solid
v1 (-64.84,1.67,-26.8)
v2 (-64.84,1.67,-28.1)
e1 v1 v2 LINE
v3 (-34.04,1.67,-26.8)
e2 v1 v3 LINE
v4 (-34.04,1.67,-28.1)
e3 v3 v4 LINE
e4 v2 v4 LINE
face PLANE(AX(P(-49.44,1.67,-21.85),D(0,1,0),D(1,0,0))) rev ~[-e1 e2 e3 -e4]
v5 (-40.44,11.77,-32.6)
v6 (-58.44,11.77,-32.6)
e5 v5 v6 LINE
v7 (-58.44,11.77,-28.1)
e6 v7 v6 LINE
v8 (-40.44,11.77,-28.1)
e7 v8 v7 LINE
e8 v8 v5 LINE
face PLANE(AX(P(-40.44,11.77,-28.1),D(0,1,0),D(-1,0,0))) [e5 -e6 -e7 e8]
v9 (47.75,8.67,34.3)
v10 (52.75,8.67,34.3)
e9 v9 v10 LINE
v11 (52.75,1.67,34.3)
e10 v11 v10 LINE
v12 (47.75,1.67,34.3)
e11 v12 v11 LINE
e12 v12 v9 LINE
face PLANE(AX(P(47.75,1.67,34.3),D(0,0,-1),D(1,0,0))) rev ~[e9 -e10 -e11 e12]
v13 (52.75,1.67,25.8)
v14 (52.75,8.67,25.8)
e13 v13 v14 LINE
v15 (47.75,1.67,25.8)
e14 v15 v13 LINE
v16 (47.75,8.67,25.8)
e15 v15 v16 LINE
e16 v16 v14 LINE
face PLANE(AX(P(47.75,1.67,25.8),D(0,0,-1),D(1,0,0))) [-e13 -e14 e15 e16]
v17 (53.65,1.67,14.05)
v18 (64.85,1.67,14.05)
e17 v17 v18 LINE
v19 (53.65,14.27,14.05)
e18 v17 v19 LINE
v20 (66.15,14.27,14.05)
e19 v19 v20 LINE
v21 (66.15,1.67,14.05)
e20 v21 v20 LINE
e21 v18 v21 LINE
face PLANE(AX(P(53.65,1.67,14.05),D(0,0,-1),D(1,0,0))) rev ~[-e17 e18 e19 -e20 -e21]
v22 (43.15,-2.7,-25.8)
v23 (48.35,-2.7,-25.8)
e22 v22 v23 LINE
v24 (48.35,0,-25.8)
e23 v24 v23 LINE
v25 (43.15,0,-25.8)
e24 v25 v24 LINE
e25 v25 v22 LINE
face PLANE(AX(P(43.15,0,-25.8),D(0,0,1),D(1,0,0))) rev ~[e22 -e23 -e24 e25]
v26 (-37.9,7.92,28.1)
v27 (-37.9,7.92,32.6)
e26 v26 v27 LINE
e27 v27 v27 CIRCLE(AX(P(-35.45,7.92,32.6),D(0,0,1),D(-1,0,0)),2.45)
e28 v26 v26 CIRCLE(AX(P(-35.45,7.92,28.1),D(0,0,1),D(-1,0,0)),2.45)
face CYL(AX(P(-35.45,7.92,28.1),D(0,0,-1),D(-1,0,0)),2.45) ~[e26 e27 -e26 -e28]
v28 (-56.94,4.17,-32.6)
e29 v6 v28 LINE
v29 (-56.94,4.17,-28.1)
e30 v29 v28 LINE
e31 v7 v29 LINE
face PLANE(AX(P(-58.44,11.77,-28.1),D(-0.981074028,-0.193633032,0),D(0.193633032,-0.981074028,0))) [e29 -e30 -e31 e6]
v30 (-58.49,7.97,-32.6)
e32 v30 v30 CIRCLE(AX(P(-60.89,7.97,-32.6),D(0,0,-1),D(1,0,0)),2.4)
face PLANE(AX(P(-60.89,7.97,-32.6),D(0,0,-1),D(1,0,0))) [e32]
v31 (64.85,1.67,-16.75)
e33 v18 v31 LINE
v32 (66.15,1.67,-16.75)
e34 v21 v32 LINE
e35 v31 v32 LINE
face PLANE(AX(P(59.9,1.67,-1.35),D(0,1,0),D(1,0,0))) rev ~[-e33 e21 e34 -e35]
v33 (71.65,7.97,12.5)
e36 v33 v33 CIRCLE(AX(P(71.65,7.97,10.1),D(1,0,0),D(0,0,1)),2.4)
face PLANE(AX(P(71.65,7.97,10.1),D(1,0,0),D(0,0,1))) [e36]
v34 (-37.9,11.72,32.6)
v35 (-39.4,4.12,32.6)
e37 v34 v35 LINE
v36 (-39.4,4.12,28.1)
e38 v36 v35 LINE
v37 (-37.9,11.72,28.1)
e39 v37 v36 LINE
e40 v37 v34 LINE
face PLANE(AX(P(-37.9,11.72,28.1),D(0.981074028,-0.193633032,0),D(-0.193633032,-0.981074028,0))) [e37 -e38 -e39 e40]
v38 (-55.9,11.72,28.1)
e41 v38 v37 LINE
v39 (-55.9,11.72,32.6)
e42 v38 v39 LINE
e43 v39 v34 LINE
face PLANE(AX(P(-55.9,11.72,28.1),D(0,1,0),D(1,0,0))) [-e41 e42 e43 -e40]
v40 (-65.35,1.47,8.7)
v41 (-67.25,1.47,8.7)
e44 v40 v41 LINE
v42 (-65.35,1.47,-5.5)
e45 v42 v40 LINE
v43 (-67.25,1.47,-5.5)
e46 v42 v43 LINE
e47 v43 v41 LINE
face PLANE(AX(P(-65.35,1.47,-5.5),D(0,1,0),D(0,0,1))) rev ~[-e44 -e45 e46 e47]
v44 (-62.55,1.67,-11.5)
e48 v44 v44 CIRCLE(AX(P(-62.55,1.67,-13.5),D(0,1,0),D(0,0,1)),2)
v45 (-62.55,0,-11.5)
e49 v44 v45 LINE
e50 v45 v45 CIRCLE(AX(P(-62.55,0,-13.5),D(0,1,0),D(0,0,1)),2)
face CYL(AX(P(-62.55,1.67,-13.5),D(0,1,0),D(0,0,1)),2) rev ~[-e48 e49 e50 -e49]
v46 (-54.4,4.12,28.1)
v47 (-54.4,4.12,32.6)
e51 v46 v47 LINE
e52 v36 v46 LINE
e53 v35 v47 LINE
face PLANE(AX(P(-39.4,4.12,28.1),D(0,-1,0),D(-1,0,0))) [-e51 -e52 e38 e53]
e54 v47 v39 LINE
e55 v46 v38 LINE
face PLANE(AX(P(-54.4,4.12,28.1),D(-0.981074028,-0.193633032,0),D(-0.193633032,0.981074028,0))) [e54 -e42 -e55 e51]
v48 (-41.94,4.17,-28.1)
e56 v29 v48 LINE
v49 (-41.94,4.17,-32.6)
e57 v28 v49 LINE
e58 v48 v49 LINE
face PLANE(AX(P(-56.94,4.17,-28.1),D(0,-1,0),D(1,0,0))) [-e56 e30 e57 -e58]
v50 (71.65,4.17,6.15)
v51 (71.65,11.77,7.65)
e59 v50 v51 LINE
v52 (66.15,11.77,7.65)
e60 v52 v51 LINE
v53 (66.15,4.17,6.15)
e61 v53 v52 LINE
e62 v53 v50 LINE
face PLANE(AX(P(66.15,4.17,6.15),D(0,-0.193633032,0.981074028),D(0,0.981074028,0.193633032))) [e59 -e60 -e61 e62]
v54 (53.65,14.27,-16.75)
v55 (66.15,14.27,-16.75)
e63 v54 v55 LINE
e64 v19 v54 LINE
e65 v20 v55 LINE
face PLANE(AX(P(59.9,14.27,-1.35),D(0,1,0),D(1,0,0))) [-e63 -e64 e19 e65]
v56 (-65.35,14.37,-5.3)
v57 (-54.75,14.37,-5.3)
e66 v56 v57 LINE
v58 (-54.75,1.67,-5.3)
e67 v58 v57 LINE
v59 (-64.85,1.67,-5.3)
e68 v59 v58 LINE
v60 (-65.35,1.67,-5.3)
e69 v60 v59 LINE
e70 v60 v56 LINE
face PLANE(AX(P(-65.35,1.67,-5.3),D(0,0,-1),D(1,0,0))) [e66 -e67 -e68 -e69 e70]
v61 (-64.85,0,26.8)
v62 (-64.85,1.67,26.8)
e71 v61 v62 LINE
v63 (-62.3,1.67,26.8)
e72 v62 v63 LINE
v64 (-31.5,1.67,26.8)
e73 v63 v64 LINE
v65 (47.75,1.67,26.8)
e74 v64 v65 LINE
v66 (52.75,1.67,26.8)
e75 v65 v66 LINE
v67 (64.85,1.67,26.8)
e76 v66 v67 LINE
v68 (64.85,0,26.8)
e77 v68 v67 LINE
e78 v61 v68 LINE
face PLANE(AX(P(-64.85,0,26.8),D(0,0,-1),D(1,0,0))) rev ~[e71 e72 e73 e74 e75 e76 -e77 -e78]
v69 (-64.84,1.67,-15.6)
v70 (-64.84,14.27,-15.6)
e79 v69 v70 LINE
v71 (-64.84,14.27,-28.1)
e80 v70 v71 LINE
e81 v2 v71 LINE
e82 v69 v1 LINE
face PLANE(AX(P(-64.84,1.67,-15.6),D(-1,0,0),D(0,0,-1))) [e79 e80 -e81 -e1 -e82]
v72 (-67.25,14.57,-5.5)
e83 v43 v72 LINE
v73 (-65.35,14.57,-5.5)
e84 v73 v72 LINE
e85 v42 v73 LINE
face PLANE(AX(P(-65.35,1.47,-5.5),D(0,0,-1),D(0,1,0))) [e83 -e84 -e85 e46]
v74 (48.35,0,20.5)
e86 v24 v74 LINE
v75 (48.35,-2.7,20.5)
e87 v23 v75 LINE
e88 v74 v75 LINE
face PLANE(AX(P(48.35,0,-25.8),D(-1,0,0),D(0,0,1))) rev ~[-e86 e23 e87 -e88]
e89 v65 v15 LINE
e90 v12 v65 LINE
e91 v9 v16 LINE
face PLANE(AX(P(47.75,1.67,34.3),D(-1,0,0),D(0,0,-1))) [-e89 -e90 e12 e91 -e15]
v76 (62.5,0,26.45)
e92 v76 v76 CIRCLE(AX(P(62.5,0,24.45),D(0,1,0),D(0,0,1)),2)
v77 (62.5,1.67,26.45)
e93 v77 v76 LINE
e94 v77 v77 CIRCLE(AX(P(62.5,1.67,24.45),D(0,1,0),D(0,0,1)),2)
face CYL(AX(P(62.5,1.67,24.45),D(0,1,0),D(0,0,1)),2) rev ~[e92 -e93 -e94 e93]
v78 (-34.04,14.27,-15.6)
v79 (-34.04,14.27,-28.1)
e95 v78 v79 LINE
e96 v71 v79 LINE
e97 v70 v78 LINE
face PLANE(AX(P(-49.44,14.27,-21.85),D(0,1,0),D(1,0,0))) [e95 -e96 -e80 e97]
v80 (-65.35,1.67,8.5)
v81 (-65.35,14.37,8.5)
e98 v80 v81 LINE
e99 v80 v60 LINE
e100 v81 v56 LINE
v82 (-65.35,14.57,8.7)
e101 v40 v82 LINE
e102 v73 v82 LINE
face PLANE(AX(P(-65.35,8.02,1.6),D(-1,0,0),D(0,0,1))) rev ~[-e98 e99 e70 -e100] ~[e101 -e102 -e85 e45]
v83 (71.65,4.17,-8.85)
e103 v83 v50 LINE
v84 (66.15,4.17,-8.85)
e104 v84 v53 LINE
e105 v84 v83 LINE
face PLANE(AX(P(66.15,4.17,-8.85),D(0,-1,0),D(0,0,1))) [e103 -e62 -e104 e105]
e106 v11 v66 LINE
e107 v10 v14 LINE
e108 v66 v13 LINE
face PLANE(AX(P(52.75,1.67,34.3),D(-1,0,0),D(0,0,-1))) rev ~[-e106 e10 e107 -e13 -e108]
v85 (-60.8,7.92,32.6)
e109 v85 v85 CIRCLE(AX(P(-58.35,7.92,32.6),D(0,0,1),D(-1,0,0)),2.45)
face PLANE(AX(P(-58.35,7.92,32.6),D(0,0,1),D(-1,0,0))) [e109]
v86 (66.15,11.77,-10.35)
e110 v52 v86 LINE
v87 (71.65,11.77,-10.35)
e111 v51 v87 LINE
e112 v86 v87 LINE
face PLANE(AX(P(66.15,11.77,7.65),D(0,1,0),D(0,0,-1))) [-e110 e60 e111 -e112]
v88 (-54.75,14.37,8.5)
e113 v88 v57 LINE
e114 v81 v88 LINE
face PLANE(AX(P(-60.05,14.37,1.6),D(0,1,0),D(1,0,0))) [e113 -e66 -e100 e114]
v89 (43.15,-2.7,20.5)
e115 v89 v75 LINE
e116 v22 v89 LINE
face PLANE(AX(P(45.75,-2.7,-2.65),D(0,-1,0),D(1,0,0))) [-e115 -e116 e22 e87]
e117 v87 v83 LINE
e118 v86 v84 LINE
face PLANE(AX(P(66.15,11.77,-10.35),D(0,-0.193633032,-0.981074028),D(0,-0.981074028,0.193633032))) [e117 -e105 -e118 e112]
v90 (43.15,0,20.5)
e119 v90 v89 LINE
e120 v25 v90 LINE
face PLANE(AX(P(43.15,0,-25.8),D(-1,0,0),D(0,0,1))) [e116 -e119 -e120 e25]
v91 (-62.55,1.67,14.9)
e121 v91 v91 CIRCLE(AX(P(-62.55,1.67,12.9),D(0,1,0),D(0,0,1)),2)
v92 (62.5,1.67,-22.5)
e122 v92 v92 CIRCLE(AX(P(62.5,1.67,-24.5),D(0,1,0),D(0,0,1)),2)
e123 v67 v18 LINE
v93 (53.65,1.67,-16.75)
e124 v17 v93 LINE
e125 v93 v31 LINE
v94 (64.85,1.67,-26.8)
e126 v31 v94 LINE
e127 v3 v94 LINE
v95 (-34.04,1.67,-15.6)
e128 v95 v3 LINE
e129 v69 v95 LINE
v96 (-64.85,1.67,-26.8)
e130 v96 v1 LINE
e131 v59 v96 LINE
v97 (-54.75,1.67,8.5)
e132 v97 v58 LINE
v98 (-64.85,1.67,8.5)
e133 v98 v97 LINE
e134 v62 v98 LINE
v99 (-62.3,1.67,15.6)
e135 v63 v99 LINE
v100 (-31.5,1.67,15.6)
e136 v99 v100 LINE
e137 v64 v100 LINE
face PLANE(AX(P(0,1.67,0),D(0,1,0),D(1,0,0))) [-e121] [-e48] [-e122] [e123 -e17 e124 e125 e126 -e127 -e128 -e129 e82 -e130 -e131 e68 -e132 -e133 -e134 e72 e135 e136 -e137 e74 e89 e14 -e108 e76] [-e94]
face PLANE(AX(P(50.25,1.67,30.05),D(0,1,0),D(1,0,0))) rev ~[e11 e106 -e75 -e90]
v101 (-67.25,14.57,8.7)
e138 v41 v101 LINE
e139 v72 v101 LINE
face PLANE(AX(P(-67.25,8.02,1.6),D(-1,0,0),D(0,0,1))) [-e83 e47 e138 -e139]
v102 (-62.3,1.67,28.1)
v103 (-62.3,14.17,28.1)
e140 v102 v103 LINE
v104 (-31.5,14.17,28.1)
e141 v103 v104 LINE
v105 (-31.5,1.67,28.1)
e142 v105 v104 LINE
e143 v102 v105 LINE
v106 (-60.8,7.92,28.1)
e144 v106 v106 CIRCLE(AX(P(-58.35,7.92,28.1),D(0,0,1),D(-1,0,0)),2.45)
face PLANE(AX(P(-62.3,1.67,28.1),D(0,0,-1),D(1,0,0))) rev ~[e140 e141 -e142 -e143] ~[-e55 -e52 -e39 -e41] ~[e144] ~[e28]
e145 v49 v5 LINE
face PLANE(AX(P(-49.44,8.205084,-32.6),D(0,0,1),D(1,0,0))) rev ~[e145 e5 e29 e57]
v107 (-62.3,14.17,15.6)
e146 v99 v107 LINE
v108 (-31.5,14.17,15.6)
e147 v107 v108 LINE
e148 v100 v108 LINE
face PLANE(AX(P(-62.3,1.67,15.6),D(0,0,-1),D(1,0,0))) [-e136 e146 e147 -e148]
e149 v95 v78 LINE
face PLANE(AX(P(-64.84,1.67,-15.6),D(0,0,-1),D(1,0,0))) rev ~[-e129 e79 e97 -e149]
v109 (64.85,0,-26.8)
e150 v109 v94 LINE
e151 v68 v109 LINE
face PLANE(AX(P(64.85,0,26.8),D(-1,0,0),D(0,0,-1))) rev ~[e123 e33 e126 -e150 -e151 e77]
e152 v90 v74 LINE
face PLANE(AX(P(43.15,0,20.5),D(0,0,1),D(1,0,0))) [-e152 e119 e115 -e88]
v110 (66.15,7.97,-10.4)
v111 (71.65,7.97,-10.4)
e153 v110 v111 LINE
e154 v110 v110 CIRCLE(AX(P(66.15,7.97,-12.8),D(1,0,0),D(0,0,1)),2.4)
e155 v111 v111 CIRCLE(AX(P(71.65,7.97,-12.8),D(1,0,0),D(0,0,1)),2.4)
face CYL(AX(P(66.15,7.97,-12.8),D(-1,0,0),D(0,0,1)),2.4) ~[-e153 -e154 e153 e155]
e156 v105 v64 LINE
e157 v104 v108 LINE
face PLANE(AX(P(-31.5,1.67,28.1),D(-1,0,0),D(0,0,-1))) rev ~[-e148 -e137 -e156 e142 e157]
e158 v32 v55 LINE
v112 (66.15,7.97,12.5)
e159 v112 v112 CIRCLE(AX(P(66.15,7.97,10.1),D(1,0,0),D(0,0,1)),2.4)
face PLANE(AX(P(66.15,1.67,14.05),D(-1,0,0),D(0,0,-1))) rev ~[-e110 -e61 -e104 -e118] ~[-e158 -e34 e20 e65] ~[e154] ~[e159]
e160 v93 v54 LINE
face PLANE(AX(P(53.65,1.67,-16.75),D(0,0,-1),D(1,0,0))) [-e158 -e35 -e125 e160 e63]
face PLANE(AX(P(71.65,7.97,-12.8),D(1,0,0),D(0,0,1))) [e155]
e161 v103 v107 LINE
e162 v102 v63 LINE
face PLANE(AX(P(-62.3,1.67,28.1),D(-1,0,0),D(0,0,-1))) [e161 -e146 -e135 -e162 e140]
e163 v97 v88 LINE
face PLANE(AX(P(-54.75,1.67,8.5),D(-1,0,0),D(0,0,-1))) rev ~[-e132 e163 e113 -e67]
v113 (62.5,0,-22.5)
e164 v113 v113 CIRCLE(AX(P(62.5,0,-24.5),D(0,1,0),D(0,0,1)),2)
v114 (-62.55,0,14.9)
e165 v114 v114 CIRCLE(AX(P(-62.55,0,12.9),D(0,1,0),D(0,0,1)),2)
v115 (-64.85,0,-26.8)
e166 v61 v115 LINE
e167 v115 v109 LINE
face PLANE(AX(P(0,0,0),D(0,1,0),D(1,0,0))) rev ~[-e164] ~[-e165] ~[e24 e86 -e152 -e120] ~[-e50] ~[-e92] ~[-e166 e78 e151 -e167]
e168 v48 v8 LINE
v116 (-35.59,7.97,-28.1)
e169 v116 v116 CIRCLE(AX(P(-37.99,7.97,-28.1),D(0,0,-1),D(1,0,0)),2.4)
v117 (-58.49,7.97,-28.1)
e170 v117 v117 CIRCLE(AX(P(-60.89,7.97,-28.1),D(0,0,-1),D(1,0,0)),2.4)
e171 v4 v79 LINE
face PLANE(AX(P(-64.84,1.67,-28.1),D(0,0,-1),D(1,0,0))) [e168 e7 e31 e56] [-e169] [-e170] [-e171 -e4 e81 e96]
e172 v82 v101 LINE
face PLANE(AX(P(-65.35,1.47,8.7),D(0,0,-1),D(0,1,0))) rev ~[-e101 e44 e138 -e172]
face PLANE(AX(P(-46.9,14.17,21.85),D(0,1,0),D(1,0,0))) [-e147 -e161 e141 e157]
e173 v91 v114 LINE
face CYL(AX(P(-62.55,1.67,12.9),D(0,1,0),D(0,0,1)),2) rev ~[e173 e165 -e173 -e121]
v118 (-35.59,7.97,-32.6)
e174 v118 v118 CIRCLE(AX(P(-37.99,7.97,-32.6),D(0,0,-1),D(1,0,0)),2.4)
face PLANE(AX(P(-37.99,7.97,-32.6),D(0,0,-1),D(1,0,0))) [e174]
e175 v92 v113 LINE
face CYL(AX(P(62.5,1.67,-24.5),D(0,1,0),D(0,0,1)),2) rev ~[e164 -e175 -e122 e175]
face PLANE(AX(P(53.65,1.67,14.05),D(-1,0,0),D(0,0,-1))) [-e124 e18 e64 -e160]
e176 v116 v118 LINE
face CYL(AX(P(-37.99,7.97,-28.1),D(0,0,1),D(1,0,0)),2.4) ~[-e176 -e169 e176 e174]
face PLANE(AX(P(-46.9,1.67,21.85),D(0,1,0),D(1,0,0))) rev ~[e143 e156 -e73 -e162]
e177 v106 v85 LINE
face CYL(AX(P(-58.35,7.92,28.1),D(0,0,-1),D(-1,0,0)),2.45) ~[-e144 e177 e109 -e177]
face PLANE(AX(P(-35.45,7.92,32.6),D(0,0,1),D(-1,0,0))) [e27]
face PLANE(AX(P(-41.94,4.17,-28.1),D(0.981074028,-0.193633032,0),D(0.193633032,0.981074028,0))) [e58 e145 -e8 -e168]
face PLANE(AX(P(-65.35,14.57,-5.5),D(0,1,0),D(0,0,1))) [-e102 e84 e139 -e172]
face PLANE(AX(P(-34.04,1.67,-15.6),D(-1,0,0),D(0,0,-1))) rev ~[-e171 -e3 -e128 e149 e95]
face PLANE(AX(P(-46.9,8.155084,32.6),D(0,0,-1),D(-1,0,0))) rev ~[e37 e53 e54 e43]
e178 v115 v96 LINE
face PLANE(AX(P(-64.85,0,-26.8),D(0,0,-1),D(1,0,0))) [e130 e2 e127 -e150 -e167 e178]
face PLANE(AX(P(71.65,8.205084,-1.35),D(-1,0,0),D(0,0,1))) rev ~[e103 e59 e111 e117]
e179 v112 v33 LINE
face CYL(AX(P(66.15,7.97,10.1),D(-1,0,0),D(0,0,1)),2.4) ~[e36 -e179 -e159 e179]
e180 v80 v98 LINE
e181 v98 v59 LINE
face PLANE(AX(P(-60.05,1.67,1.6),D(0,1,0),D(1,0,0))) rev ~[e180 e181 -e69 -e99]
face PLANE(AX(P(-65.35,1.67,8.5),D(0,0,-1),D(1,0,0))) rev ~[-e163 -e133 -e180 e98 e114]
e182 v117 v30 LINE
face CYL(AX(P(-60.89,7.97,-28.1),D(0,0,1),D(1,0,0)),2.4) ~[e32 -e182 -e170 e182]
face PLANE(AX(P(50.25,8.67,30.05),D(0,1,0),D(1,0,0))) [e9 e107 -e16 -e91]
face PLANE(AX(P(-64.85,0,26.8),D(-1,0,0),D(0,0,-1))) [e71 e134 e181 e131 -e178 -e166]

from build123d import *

# Parameters (mm, degrees)
SKETCH1_W           = 129.7
SKETCH1_H           = 53.6
BOARDBASE_DEPTH     = 1.67
SKETCH3_W           = 12.5
SKETCH3_H           = 30.8
BOSS_EXTRUDE2_DEPTH = 12.6
SKETCH4_R           = 2.4
BOSS_EXTRUDE3_DEPTH = 5.5
SKETCH6_W           = 30.8
SKETCH6_H           = 12.5
BOSS_EXTRUDE5_DEPTH = 12.5
SKETCH7_R           = 2.45
BOSS_EXTRUDE6_DEPTH = 4.5
SKETCH5_W           = 30.8
SKETCH5_H           = 12.5
BOSS_EXTRUDE4_DEPTH = 12.6
SKETCH9_R           = 2.4
BOSS_EXTRUDE7_DEPTH = 4.5
SKETCH10_W          = 10.6
SKETCH10_H          = 13.8
BOSS_EXTRUDE8_DEPTH = 12.7
SKETCH12_W          = 14.2
SKETCH12_H          = 13.1
BOSS_EXTRUDE9_DEPTH = 1.9
SKETCH13_W          = 5.2
SKETCH13_H          = 46.3
MOLEXHEADER_DEPTH   = 2.7
SKETCH14_R          = 2
MOUNTHOLES_DEPTH    = 80.767740973
SKETCH15_W          = 5
SKETCH15_H          = 8.5
STIMHEADER_DEPTH    = 7


with BuildPart() as part:
    # Sketch1 → BoardBase (new body)
    with BuildSketch(Plane(origin=(0, 0, 0), x_dir=(1, 0, 0), z_dir=(0, 1, 0))):
        Rectangle(SKETCH1_W, SKETCH1_H)
    extrude(amount=BOARDBASE_DEPTH)

    # Sketch3 → Boss-Extrude2 (add)
    with BuildSketch(Plane(origin=(0, 1.67, 0), x_dir=(1, 0, 0), z_dir=(0, 1, 0))):
        with Locations((59.9, 1.35)):
            Rectangle(SKETCH3_W, SKETCH3_H)
    extrude(amount=BOSS_EXTRUDE2_DEPTH)

    # Sketch4 → Boss-Extrude3 (add)
    with BuildSketch(Plane(origin=(66.15, 0, 0), x_dir=(0, 0, -1), z_dir=(1, 0, 0))):
        with Locations(Location((-10.1, 7.97, 0), (0, 0, 180))):
            Circle(SKETCH4_R)
        with Locations(Location((12.8, 7.97, 0), (0, 0, 180))):
            Circle(SKETCH4_R)
        Polygon((-7.65, 11.77), (10.35, 11.77), (8.85, 4.17), (-6.15, 4.17), align=None)
    extrude(amount=BOSS_EXTRUDE3_DEPTH)

    # Sketch6 → Boss-Extrude5 (add)
    with BuildSketch(Plane(origin=(0, 1.67, 0), x_dir=(1, 0, 0), z_dir=(0, 1, 0))):
        with Locations((-46.9, -21.85)):
            Rectangle(SKETCH6_W, SKETCH6_H)
    extrude(amount=BOSS_EXTRUDE5_DEPTH)

    # Sketch7 → Boss-Extrude6 (add)
    with BuildSketch(Plane.XY.offset(28.1)):
        with Locations(Location((-58.35, 7.92, 0), (0, 0, 180))):
            Circle(SKETCH7_R)
        with Locations(Location((-35.45, 7.92, 0), (0, 0, 180))):
            Circle(SKETCH7_R)
        Polygon((-55.9, 11.72), (-37.9, 11.72), (-39.4, 4.12), (-54.4, 4.12), align=None)
    extrude(amount=BOSS_EXTRUDE6_DEPTH)

    # Sketch5 → Boss-Extrude4 (add)
    with BuildSketch(Plane(origin=(0, 1.67, 0), x_dir=(1, 0, 0), z_dir=(0, 1, 0))):
        with Locations((-49.44, 21.85)):
            Rectangle(SKETCH5_W, SKETCH5_H)
    extrude(amount=BOSS_EXTRUDE4_DEPTH)

    # Sketch9 → Boss-Extrude7 (add)
    with BuildSketch(Plane(origin=(0, 0, -28.1), x_dir=(-1, 0, 0), z_dir=(0, 0, -1))):
        with Locations(Location((37.99, 7.97, 0), (0, 0, 180))):
            Circle(SKETCH9_R)
        with Locations(Location((60.89, 7.97, 0), (0, 0, 180))):
            Circle(SKETCH9_R)
        Polygon((40.44, 11.77), (58.44, 11.77), (56.94, 4.17), (41.94, 4.17), align=None)
    extrude(amount=BOSS_EXTRUDE7_DEPTH)

    # Sketch10 → Boss-Extrude8 (add)
    with BuildSketch(Plane(origin=(0, 1.67, 0), x_dir=(1, 0, 0), z_dir=(0, 1, 0))):
        with Locations((-60.05, -1.6)):
            Rectangle(SKETCH10_W, SKETCH10_H)
    extrude(amount=BOSS_EXTRUDE8_DEPTH)

    # Sketch12 → Boss-Extrude9 (add)
    with BuildSketch(Plane.ZY.offset(65.35)):
        with Locations((1.6, 8.02)):
            Rectangle(SKETCH12_W, SKETCH12_H)
    extrude(amount=BOSS_EXTRUDE9_DEPTH)

    # Sketch13 → MolexHeader (add)
    with BuildSketch(Plane.XZ):
        with Locations((45.75, -2.65)):
            Rectangle(SKETCH13_W, SKETCH13_H)
    extrude(amount=MOLEXHEADER_DEPTH)

    # Sketch14 → MountHoles (cut, through all)
    with BuildSketch(Plane(origin=(0, 1.67, 0), x_dir=(1, 0, 0), z_dir=(0, 1, 0))):
        with Locations(Location((62.5, 24.5, 0), (0, 0, 270))):
            Circle(SKETCH14_R)
        with Locations(Location((62.5, -24.45, 0), (0, 0, 270))):
            Circle(SKETCH14_R)
        with Locations(Location((-62.55, -12.9, 0), (0, 0, 270))):
            Circle(SKETCH14_R)
        with Locations(Location((-62.55, 13.5, 0), (0, 0, 270))):
            Circle(SKETCH14_R)
    extrude(amount=-MOUNTHOLES_DEPTH, mode=Mode.SUBTRACT)

    # Sketch15 → StimHeader (add)
    with BuildSketch(Plane(origin=(0, 1.67, 0), x_dir=(1, 0, 0), z_dir=(0, 1, 0))):
        with Locations((50.25, -30.05)):
            Rectangle(SKETCH15_W, SKETCH15_H)
    extrude(amount=STIMHEADER_DEPTH)


solid = part.part
